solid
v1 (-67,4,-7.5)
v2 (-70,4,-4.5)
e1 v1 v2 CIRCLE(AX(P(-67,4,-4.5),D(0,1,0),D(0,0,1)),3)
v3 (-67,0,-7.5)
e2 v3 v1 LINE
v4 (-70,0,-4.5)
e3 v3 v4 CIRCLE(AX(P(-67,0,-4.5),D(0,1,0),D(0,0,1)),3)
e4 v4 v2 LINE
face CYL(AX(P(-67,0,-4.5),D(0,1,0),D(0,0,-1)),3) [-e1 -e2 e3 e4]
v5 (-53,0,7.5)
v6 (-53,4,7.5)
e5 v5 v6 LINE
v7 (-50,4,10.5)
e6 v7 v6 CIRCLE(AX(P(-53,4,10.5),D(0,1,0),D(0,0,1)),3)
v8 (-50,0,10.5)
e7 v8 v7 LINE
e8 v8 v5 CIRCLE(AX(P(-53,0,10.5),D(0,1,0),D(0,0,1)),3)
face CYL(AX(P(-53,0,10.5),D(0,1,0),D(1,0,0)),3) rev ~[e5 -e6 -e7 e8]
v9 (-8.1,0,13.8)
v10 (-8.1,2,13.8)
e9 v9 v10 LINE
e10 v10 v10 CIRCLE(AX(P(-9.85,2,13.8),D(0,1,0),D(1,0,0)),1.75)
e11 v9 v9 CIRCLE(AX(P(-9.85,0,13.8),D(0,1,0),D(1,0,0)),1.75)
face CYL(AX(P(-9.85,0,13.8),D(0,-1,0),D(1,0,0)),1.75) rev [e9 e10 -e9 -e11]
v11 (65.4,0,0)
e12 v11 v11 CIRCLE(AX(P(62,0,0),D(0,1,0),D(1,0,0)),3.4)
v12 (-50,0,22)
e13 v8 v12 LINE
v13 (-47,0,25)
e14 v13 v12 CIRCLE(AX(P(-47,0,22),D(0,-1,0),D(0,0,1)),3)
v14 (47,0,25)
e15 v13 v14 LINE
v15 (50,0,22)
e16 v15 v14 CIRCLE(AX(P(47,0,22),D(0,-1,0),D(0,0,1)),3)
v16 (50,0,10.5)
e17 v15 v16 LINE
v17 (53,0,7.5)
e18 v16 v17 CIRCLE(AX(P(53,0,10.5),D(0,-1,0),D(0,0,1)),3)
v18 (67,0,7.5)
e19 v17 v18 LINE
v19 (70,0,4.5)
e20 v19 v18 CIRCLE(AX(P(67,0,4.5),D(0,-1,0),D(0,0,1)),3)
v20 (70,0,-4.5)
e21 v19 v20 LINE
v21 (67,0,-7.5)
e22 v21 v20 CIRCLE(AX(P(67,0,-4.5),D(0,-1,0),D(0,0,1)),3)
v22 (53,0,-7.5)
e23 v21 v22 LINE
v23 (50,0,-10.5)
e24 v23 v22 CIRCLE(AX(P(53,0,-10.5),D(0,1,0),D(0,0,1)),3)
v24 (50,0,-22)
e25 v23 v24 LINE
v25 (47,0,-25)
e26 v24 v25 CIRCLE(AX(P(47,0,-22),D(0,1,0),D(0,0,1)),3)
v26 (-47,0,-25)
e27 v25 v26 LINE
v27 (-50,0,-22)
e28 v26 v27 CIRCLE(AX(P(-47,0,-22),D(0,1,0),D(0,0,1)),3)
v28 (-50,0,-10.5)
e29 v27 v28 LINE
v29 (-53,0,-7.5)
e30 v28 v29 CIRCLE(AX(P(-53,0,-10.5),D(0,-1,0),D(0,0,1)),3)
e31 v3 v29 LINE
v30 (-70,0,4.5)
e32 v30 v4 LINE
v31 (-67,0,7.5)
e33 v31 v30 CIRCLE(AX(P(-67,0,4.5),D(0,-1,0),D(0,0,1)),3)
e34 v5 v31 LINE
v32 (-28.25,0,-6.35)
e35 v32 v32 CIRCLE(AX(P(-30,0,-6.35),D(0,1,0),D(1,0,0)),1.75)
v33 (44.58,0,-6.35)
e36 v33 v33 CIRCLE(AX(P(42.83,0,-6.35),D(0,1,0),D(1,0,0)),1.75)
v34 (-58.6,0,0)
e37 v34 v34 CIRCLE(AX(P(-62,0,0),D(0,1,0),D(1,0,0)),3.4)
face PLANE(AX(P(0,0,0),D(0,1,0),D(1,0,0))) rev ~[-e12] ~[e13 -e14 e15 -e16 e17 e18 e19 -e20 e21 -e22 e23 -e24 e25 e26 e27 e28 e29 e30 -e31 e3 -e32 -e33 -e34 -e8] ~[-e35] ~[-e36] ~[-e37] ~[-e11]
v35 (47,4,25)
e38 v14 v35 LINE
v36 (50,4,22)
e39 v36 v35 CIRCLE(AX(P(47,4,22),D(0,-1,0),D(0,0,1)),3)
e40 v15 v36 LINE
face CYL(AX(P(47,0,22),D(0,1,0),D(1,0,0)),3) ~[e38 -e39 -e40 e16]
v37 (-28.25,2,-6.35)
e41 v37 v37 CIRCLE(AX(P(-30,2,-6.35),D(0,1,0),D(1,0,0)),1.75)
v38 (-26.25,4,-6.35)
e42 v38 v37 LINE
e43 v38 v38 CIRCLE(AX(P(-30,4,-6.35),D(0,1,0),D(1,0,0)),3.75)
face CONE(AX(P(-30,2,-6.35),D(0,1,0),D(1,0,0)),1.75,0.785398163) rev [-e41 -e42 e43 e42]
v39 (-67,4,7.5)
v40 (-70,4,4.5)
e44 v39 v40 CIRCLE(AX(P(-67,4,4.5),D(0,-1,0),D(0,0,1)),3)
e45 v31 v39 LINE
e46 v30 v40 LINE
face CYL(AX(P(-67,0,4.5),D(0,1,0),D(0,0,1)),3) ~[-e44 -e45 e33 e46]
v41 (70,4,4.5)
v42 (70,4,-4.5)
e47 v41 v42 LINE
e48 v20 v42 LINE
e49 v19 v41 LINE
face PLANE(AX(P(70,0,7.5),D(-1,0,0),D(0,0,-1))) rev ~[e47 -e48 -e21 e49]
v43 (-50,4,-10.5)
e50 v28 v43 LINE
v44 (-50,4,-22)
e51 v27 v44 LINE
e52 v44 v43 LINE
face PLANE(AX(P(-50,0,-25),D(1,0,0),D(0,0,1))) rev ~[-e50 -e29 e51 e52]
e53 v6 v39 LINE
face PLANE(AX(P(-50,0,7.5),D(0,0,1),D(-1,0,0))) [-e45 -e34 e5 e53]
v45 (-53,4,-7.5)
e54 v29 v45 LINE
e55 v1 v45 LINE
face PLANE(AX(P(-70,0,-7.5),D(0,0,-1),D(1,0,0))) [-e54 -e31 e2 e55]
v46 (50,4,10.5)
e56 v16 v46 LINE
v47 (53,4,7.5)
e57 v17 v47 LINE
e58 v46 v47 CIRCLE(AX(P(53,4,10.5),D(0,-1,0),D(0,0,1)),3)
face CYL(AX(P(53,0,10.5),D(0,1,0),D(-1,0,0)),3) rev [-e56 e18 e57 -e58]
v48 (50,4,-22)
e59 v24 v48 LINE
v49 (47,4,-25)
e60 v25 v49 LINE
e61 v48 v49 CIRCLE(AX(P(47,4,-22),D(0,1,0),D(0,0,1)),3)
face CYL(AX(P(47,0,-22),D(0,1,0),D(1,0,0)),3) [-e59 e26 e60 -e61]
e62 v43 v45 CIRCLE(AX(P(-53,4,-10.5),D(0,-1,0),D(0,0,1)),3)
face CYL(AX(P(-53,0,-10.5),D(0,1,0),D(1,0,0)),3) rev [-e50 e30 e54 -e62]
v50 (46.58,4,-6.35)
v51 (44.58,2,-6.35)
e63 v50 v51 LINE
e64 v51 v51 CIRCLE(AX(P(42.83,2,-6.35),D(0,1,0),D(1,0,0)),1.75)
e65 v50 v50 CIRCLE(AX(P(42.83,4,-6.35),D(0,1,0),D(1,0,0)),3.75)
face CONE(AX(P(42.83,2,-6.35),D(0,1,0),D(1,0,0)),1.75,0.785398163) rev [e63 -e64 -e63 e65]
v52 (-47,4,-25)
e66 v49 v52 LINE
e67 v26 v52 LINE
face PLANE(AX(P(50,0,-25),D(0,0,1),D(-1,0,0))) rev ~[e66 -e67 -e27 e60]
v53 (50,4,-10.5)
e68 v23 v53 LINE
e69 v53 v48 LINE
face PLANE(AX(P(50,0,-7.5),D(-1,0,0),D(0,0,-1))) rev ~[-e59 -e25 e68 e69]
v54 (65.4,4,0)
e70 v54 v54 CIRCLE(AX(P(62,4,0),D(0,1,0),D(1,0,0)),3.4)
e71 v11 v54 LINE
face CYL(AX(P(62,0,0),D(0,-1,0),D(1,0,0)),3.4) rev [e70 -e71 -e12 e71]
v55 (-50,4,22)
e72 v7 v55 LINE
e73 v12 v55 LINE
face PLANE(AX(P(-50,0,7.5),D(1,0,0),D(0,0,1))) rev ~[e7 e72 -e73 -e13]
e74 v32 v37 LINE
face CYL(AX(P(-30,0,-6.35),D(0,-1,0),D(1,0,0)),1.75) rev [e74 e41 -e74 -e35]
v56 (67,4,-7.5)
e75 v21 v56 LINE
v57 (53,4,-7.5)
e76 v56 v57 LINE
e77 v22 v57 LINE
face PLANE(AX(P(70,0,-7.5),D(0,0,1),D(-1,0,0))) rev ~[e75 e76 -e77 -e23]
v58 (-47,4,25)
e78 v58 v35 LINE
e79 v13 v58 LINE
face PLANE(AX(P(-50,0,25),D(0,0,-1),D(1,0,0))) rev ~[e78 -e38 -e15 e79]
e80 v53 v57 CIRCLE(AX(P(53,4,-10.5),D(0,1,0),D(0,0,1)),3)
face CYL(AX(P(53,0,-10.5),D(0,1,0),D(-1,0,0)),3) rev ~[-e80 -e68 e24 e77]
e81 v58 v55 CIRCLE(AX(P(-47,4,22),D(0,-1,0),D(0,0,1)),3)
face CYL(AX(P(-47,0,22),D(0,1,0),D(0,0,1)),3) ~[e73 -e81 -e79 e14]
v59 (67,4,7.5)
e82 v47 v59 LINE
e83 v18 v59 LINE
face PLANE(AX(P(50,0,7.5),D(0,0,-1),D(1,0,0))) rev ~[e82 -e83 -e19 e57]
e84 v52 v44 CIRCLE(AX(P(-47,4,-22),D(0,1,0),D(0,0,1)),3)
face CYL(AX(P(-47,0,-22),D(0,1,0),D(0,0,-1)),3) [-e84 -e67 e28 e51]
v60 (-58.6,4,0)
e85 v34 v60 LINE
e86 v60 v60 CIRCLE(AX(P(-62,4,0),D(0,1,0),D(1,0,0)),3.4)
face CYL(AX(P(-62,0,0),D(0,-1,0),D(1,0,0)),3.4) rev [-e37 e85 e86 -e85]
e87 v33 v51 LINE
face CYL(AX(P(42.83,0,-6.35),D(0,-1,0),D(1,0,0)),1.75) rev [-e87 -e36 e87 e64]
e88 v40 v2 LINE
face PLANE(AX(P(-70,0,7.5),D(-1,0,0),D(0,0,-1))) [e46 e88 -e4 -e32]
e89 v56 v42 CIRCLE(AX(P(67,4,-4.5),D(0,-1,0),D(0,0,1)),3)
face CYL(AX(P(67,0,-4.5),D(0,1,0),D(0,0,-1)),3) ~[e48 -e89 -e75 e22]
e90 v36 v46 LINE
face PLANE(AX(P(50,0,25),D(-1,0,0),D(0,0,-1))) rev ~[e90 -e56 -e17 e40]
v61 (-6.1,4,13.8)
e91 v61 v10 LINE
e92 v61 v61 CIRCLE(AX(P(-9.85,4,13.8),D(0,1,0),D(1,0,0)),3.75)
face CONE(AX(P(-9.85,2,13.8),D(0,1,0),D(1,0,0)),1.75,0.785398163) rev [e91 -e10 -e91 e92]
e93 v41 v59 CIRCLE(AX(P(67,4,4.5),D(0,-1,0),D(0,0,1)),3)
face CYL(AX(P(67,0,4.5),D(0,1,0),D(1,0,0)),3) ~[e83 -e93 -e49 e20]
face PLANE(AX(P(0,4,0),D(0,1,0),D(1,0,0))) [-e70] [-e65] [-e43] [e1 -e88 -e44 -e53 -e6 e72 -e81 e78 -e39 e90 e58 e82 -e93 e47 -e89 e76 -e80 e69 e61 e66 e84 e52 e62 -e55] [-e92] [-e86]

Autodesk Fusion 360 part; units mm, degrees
sketch "Sketch1" plane through (0, 0, 0) normal (0, 1, 0) x (1, 0, 0)
  line L0 (50, 25) -> (-50, 25)
  line L1 (-50, 25) -> (-50, -25)
  line L2 (-50, -25) -> (50, -25)
  line L3 (50, -25) -> (50, 25)
  line L4 (50, 25) -> (-50, -25) construction
  line L5 (-50, 25) -> (50, -25) construction
  line L6 (0, 0) -> (0, 15) construction
  line L7 (0, 0) -> (-17.4892, 0) construction
  circle A0 centre (42.83, 6.35) radius 1.75
  circle A1 centre (-30, 6.35) radius 1.75
  circle A2 centre (-9.85, -13.8) radius 1.75
  line L8 (70, 7.5) -> (50, 7.5)
  line L9 (50, 7.5) -> (50, -7.5)
  line L10 (50, -7.5) -> (70, -7.5)
  line L11 (70, -7.5) -> (70, 7.5)
  line L12 (70, 7.5) -> (50, -7.5) construction
  line L13 (50, 7.5) -> (70, -7.5) construction
  line L14 (-70, 7.5) -> (-50, 7.5)
  line L15 (-70, -7.5) -> (-70, 7.5)
  line L16 (-50, -7.5) -> (-70, -7.5)
  circle A3 centre (62, 0) radius 3.4
  circle A4 centre (-62, 0) radius 3.4
  line L17 (42.83, 6.35) -> (-30, 6.35) construction
  point P0 (60, 0)
  dimension "d1" = 3.5
  dimension "d2" = 3.5
  dimension "d3" = 3.5
  dimension "d4" = 6.8
  dimension "d5" = 15
  dimension "d6" = 20
  dimension "d7" = 12
  dimension "d8" = 100
  dimension "d9" = 50
  dimension "d10" = 72.83
  dimension "d11" = 20.15
  dimension "d12" = 20.15
  dimension "d13" = 20
  dimension "d14" = 18.65
extrude "Extrude1" add sketch "Sketch1" along normal blind 4
fillet "Fillet1" radius 3 12 edges at (50, 2, 7.5) (50, 2, 25) (70, 2, 7.5) (70, 2, -7.5) (50, 2, -7.5) (50, 2, -25) (-50, 2, -25) (-50, 2, -7.5) (-70, 2, -7.5) (-70, 2, 7.5) (-50, 2, 7.5) (-50, 2, 25)
chamfer "Chamfer1" distance 2 angle 45 3 edges at (41.1984, 4, -6.9828) (-11.4816, 4, 13.1672) (-31.6316, 4, -6.9828)
